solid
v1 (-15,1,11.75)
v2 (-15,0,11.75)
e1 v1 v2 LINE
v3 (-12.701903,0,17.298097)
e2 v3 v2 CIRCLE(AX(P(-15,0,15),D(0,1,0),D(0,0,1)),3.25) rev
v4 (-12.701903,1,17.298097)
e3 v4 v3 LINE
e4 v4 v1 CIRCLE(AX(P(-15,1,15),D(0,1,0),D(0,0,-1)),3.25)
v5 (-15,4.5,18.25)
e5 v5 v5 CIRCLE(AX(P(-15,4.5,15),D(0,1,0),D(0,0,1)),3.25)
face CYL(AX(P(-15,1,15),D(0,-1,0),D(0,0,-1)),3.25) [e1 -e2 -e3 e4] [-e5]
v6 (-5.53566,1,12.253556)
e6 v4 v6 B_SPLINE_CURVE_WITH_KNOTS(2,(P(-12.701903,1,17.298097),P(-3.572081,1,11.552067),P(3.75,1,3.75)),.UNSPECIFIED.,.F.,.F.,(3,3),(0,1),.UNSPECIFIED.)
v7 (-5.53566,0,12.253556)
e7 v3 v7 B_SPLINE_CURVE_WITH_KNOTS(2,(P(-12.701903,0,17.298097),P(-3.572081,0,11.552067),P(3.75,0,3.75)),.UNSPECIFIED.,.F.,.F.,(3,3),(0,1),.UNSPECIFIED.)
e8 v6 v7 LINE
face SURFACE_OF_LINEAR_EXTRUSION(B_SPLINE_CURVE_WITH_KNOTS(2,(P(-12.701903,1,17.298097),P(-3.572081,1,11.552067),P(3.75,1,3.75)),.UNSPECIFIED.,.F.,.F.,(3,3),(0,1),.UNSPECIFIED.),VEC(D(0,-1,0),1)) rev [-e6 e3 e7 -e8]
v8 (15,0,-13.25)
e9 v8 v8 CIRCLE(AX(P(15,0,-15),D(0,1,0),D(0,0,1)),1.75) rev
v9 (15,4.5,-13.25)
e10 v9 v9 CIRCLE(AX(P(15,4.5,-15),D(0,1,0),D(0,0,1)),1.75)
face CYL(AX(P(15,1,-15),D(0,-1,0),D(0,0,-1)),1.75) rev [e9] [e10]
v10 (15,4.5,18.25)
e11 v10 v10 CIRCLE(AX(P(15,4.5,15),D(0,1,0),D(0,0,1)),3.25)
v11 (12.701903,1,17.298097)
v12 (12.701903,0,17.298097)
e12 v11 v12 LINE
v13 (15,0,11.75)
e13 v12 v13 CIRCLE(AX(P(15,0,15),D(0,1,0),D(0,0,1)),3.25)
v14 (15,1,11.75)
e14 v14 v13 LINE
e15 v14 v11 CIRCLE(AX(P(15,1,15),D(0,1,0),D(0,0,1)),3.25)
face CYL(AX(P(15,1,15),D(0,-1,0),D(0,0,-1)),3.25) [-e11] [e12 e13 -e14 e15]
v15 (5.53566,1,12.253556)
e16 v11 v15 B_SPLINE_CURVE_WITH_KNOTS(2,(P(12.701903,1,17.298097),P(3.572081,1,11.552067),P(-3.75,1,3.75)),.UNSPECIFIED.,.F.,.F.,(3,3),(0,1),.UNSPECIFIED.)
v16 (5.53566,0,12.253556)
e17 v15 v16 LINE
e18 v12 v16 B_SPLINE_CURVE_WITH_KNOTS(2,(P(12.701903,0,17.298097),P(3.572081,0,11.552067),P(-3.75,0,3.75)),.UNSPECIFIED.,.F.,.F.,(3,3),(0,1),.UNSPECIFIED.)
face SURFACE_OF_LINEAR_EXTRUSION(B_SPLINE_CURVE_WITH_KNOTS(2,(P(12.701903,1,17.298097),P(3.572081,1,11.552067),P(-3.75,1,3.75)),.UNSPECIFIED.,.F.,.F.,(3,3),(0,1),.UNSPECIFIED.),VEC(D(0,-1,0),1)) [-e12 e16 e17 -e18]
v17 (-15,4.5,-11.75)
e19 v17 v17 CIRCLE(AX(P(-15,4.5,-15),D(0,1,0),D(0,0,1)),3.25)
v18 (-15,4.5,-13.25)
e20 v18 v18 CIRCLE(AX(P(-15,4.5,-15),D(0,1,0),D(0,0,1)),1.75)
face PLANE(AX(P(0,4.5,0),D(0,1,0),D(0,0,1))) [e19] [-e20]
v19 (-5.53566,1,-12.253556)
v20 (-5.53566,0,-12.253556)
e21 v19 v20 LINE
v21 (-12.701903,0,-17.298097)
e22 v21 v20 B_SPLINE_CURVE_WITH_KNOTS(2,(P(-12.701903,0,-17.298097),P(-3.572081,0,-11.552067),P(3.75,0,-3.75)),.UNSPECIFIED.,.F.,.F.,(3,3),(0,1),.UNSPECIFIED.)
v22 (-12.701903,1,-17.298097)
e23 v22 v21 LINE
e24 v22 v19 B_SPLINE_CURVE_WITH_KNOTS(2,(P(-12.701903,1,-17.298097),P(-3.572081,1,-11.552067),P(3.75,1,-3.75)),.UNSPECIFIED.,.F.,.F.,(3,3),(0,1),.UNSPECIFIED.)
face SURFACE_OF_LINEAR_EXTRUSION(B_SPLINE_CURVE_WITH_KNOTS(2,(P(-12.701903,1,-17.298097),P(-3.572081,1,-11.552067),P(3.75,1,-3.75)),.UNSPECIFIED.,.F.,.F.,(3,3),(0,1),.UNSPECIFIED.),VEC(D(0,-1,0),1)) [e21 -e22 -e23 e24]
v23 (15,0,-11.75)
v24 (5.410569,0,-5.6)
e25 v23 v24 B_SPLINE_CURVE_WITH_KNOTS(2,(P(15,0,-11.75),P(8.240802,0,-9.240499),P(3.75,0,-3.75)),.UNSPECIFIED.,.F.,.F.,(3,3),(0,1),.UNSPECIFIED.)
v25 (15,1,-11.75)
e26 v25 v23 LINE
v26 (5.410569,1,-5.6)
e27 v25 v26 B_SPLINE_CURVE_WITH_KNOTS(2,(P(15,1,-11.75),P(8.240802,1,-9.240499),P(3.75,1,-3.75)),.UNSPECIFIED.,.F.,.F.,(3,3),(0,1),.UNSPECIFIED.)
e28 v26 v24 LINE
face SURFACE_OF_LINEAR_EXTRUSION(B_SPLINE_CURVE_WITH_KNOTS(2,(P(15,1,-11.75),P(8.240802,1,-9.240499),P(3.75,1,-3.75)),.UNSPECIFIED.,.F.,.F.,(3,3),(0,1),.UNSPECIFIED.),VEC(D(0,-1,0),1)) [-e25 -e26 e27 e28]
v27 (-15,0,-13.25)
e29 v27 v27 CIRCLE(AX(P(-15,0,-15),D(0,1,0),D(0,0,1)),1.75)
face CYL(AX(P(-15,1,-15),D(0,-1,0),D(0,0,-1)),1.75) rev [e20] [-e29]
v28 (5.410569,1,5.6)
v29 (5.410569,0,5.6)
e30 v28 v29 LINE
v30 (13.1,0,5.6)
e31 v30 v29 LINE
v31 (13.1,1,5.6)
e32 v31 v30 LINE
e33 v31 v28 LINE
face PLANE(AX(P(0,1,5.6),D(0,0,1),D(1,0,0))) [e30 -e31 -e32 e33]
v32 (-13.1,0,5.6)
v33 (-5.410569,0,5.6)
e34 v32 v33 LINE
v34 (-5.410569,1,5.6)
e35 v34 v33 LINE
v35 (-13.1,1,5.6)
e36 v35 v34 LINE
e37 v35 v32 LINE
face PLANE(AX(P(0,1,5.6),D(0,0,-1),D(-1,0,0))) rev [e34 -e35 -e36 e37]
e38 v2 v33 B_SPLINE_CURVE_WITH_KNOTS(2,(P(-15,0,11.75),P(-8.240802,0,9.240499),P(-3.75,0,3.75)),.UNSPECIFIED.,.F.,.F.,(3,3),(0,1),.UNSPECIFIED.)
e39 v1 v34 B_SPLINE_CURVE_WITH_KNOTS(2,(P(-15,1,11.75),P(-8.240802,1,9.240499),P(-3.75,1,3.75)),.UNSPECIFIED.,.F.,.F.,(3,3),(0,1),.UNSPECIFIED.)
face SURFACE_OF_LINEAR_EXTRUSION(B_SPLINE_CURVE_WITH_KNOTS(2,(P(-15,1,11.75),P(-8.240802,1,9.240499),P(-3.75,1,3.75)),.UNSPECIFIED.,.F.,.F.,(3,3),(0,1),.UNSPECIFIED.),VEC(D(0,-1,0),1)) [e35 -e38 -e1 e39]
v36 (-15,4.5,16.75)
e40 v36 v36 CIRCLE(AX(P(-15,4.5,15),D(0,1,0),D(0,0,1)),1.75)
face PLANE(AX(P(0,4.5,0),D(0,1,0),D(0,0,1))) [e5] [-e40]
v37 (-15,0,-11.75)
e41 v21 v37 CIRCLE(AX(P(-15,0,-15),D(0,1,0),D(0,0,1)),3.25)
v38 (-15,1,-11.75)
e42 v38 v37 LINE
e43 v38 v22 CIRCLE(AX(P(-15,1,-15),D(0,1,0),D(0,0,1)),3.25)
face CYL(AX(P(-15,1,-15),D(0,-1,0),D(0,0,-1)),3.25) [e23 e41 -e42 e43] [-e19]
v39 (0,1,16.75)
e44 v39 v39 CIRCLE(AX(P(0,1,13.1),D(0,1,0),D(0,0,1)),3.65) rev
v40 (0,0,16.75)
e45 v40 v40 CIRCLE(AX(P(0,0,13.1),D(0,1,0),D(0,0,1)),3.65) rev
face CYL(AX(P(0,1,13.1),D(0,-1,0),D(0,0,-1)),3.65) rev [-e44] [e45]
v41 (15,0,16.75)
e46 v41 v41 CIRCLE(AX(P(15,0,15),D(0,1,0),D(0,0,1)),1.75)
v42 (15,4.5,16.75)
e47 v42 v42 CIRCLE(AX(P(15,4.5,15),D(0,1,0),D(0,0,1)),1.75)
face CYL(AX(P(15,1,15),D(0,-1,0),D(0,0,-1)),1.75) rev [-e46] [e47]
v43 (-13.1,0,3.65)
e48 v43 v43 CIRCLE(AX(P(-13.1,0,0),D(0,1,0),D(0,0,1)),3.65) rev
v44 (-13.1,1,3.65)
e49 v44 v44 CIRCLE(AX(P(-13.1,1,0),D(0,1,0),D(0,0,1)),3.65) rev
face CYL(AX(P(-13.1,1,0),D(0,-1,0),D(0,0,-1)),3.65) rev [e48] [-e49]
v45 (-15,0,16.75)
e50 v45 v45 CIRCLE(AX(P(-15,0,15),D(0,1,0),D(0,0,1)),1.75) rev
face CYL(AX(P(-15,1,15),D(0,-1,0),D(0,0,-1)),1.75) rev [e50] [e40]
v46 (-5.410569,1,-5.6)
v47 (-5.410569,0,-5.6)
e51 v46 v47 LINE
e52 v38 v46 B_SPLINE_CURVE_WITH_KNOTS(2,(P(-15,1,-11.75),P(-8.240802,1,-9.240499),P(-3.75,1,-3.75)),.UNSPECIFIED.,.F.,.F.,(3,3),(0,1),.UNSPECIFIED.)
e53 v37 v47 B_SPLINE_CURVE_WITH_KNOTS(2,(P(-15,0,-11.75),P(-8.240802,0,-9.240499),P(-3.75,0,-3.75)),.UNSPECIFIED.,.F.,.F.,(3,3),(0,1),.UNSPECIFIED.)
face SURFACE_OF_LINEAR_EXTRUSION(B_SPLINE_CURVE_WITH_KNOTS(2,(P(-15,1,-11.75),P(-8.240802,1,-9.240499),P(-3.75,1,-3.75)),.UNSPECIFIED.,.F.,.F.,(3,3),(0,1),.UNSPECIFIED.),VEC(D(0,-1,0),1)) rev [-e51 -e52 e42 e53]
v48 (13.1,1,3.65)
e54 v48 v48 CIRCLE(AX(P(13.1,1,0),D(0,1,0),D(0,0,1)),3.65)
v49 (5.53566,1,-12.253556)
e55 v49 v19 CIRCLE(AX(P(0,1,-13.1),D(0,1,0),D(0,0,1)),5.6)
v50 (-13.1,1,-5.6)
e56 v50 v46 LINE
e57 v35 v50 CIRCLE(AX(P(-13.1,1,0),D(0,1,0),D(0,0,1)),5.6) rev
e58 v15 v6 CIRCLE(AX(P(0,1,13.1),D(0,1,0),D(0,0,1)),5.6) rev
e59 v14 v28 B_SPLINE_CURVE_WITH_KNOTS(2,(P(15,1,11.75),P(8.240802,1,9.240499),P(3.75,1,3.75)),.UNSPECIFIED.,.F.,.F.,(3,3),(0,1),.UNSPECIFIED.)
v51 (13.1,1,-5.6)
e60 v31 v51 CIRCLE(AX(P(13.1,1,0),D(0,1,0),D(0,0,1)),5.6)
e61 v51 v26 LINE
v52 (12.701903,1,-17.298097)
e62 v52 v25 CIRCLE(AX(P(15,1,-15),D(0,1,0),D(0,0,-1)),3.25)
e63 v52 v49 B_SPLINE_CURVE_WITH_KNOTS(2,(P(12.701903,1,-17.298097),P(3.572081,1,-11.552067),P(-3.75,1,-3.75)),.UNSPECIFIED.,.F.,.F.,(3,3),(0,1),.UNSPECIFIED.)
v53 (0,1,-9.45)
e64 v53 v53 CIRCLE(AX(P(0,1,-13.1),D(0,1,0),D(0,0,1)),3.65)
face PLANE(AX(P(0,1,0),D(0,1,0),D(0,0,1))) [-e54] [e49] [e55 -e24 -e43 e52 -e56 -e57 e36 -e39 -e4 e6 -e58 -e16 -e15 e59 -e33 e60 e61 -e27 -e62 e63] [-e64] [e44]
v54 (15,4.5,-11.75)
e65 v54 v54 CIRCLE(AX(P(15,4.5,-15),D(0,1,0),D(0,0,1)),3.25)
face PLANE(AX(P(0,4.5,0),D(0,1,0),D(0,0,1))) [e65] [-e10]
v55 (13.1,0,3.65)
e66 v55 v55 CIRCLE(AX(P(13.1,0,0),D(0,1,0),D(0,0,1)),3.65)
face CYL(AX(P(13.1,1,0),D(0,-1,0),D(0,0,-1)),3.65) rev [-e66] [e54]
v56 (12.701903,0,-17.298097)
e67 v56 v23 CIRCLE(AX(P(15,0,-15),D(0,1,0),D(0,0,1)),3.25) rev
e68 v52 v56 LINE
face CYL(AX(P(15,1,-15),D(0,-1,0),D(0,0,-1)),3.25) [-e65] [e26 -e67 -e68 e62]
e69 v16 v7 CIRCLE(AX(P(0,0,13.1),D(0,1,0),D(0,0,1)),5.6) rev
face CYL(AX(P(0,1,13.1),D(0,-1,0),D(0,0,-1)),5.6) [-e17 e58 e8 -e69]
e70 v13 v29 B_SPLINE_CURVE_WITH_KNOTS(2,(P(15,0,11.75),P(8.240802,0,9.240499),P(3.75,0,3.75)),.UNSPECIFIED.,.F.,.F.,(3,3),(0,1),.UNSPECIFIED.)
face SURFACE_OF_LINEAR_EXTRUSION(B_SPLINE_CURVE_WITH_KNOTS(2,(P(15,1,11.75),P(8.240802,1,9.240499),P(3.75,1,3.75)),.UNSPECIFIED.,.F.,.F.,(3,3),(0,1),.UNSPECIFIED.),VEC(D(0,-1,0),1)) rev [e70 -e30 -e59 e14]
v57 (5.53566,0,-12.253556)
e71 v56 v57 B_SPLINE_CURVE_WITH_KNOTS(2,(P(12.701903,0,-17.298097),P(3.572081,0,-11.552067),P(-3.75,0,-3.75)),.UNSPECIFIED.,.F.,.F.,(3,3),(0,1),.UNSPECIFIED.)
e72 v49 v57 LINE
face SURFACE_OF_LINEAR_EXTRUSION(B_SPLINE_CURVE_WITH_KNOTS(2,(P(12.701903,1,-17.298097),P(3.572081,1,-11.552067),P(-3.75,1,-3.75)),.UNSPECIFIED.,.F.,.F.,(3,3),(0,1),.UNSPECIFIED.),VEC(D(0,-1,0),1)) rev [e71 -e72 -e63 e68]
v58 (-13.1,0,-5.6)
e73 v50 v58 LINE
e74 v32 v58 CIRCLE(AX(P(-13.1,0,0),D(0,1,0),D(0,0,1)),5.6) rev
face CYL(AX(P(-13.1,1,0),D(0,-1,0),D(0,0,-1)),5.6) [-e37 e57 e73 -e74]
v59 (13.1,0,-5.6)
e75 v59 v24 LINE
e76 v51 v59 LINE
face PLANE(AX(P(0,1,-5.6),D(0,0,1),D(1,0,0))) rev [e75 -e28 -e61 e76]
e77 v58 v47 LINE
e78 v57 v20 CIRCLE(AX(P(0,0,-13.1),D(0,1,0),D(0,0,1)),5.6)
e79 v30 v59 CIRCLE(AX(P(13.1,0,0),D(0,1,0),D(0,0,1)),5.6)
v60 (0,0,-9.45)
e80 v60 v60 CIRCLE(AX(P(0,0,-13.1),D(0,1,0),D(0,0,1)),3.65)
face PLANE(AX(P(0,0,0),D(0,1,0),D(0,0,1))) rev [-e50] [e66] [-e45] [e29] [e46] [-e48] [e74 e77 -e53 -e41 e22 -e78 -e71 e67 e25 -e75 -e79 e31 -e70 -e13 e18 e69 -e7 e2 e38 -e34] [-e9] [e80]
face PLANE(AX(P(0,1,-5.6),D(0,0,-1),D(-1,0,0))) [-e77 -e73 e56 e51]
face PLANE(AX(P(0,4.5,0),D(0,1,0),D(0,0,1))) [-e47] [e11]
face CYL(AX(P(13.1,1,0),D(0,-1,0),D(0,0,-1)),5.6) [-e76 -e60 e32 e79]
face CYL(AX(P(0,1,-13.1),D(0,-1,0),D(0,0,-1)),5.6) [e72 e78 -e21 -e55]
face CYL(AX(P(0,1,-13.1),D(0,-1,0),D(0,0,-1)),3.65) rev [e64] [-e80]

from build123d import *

# Parameters (mm, degrees)
SKETCH1_R           = 3.65
SKETCH1_R_2         = 1.75
BOSS_EXTRUDE1_DEPTH = 1
SKETCH2_R           = 3.25
SKETCH2_R_2         = 1.75
BOSS_EXTRUDE2_DEPTH = 3.5


with BuildPart() as part:
    # Sketch1 → Boss-Extrude1 (new body)
    with BuildSketch(Plane(origin=(0, 0, 0), x_dir=(1, 0, 0), z_dir=(0, 1, 0))):
        with BuildLine():
            Line((5.410568808, -5.6), (13.1, -5.6))
            ThreePointArc((13.1, -5.6), (18.7, 0), (13.1, 5.6))
            Line((13.1, 5.6), (5.410568808, 5.6))
            add(Edge.make_bspline(
                [(15, 11.75), (9.437012866, 9.684618997), (5.410568808, 5.6)],
                knots=[0, 0, 0, 0.823024689, 0.823024689, 0.823024689], degree=2))
            ThreePointArc((15, 11.75), (18.002608481, 16.243721155), (12.701902961, 17.298097039))
            add(Edge.make_bspline(
                [(12.701902961, 17.298097039), (8.967561343, 14.947817201), (5.535660126, 12.253556278)],
                knots=[0, 0, 0, 0.409026758, 0.409026758, 0.409026758], degree=2))
            ThreePointArc((5.535660126, 12.253556278), (0, 18.7), (-5.535660126, 12.253556278))
            add(Edge.make_bspline(
                [(-5.535660126, 12.253556278), (-8.967561343, 14.947817201), (-12.701902961, 17.298097039)],
                knots=[0.751545437, 0.751545437, 0.751545437, 1.160572194, 1.160572194, 1.160572194], degree=2))
            ThreePointArc((-12.701902961, 17.298097039), (-18.002608481, 16.243721155), (-15, 11.75))
            add(Edge.make_bspline(
                [(-15, 11.75), (-9.437012866, 9.684618997), (-5.410568808, 5.6)],
                knots=[0, 0, 0, 0.823024689, 0.823024689, 0.823024689], degree=2))
            Line((-5.410568808, 5.6), (-13.1, 5.6))
            ThreePointArc((-13.1, 5.6), (-18.7, 0), (-13.1, -5.6))
            Line((-13.1, -5.6), (-5.410568808, -5.6))
            add(Edge.make_bspline(
                [(-15, -11.75), (-9.437012866, -9.684618997), (-5.410568808, -5.6)],
                knots=[0, 0, 0, 0.823024689, 0.823024689, 0.823024689], degree=2))
            ThreePointArc((-15, -11.75), (-18.002608481, -16.243721155), (-12.701902961, -17.298097039))
            add(Edge.make_bspline(
                [(-12.701902961, -17.298097039), (-8.967561343, -14.947817201), (-5.535660126, -12.253556278)],
                knots=[0, 0, 0, 0.409026758, 0.409026758, 0.409026758], degree=2))
            ThreePointArc((-5.535660126, -12.253556278), (0, -18.7), (5.535660126, -12.253556278))
            add(Edge.make_bspline(
                [(5.535660126, -12.253556278), (8.967561343, -14.947817201), (12.701902961, -17.298097039)],
                knots=[0.751545437, 0.751545437, 0.751545437, 1.160572194, 1.160572194, 1.160572194], degree=2))
            ThreePointArc((12.701902961, -17.298097039), (18.002608481, -16.243721155), (15, -11.75))
            add(Edge.make_bspline(
                [(15, -11.75), (9.437012866, -9.684618997), (5.410568808, -5.6)],
                knots=[0, 0, 0, 0.823024689, 0.823024689, 0.823024689], degree=2))
        make_face()
        with Locations(Location((0, 13.1, 0), (0, 0, 270))):
            Circle(SKETCH1_R, mode=Mode.SUBTRACT)
        with Locations(Location((0, -13.1, 0), (0, 0, 270))):
            Circle(SKETCH1_R, mode=Mode.SUBTRACT)
        with Locations(Location((13.1, 0, 0), (0, 0, 270))):
            Circle(SKETCH1_R, mode=Mode.SUBTRACT)
        with Locations(Location((15, 15, 0), (0, 0, 270))):
            Circle(SKETCH1_R_2, mode=Mode.SUBTRACT)
        with Locations(Location((-13.1, 0, 0), (0, 0, 270))):
            Circle(SKETCH1_R, mode=Mode.SUBTRACT)
        with Locations(Location((-15, 15, 0), (0, 0, 270))):
            Circle(SKETCH1_R_2, mode=Mode.SUBTRACT)
        with Locations(Location((15, -15, 0), (0, 0, 270))):
            Circle(SKETCH1_R_2, mode=Mode.SUBTRACT)
        with Locations(Location((-15, -15, 0), (0, 0, 270))):
            Circle(SKETCH1_R_2, mode=Mode.SUBTRACT)
    extrude(amount=BOSS_EXTRUDE1_DEPTH)

    # Sketch2 → Boss-Extrude2 (add)
    # profile 1 of 4: a face of its own
    with BuildSketch(Plane(origin=(0, 1, 0), x_dir=(1, 0, 0), z_dir=(0, 1, 0))):
        with Locations(Location((-15, 15, 0), (0, 0, 270))):
            Circle(SKETCH2_R)
        with Locations(Location((-15, 15, 0), (0, 0, 270))):
            Circle(SKETCH2_R_2, mode=Mode.SUBTRACT)
    # profile 2 of 4: a face of its own
    with BuildSketch(Plane(origin=(0, 1, 0), x_dir=(1, 0, 0), z_dir=(0, 1, 0))):
        with Locations(Location((15, 15, 0), (0, 0, 270))):
            Circle(SKETCH2_R)
        with Locations(Location((15, 15, 0), (0, 0, 270))):
            Circle(SKETCH2_R_2, mode=Mode.SUBTRACT)
    # profile 3 of 4: a face of its own
    with BuildSketch(Plane(origin=(0, 1, 0), x_dir=(1, 0, 0), z_dir=(0, 1, 0))):
        with Locations(Location((15, -15, 0), (0, 0, 90))):
            Circle(SKETCH2_R)
        with Locations(Location((15, -15, 0), (0, 0, 270))):
            Circle(SKETCH2_R_2, mode=Mode.SUBTRACT)
    # profile 4 of 4: a face of its own
    with BuildSketch(Plane(origin=(0, 1, 0), x_dir=(1, 0, 0), z_dir=(0, 1, 0))):
        with Locations(Location((-15, -15, 0), (0, 0, 90))):
            Circle(SKETCH2_R)
        with Locations(Location((-15, -15, 0), (0, 0, 270))):
            Circle(SKETCH2_R_2, mode=Mode.SUBTRACT)
    extrude(amount=BOSS_EXTRUDE2_DEPTH)


solid = part.part
